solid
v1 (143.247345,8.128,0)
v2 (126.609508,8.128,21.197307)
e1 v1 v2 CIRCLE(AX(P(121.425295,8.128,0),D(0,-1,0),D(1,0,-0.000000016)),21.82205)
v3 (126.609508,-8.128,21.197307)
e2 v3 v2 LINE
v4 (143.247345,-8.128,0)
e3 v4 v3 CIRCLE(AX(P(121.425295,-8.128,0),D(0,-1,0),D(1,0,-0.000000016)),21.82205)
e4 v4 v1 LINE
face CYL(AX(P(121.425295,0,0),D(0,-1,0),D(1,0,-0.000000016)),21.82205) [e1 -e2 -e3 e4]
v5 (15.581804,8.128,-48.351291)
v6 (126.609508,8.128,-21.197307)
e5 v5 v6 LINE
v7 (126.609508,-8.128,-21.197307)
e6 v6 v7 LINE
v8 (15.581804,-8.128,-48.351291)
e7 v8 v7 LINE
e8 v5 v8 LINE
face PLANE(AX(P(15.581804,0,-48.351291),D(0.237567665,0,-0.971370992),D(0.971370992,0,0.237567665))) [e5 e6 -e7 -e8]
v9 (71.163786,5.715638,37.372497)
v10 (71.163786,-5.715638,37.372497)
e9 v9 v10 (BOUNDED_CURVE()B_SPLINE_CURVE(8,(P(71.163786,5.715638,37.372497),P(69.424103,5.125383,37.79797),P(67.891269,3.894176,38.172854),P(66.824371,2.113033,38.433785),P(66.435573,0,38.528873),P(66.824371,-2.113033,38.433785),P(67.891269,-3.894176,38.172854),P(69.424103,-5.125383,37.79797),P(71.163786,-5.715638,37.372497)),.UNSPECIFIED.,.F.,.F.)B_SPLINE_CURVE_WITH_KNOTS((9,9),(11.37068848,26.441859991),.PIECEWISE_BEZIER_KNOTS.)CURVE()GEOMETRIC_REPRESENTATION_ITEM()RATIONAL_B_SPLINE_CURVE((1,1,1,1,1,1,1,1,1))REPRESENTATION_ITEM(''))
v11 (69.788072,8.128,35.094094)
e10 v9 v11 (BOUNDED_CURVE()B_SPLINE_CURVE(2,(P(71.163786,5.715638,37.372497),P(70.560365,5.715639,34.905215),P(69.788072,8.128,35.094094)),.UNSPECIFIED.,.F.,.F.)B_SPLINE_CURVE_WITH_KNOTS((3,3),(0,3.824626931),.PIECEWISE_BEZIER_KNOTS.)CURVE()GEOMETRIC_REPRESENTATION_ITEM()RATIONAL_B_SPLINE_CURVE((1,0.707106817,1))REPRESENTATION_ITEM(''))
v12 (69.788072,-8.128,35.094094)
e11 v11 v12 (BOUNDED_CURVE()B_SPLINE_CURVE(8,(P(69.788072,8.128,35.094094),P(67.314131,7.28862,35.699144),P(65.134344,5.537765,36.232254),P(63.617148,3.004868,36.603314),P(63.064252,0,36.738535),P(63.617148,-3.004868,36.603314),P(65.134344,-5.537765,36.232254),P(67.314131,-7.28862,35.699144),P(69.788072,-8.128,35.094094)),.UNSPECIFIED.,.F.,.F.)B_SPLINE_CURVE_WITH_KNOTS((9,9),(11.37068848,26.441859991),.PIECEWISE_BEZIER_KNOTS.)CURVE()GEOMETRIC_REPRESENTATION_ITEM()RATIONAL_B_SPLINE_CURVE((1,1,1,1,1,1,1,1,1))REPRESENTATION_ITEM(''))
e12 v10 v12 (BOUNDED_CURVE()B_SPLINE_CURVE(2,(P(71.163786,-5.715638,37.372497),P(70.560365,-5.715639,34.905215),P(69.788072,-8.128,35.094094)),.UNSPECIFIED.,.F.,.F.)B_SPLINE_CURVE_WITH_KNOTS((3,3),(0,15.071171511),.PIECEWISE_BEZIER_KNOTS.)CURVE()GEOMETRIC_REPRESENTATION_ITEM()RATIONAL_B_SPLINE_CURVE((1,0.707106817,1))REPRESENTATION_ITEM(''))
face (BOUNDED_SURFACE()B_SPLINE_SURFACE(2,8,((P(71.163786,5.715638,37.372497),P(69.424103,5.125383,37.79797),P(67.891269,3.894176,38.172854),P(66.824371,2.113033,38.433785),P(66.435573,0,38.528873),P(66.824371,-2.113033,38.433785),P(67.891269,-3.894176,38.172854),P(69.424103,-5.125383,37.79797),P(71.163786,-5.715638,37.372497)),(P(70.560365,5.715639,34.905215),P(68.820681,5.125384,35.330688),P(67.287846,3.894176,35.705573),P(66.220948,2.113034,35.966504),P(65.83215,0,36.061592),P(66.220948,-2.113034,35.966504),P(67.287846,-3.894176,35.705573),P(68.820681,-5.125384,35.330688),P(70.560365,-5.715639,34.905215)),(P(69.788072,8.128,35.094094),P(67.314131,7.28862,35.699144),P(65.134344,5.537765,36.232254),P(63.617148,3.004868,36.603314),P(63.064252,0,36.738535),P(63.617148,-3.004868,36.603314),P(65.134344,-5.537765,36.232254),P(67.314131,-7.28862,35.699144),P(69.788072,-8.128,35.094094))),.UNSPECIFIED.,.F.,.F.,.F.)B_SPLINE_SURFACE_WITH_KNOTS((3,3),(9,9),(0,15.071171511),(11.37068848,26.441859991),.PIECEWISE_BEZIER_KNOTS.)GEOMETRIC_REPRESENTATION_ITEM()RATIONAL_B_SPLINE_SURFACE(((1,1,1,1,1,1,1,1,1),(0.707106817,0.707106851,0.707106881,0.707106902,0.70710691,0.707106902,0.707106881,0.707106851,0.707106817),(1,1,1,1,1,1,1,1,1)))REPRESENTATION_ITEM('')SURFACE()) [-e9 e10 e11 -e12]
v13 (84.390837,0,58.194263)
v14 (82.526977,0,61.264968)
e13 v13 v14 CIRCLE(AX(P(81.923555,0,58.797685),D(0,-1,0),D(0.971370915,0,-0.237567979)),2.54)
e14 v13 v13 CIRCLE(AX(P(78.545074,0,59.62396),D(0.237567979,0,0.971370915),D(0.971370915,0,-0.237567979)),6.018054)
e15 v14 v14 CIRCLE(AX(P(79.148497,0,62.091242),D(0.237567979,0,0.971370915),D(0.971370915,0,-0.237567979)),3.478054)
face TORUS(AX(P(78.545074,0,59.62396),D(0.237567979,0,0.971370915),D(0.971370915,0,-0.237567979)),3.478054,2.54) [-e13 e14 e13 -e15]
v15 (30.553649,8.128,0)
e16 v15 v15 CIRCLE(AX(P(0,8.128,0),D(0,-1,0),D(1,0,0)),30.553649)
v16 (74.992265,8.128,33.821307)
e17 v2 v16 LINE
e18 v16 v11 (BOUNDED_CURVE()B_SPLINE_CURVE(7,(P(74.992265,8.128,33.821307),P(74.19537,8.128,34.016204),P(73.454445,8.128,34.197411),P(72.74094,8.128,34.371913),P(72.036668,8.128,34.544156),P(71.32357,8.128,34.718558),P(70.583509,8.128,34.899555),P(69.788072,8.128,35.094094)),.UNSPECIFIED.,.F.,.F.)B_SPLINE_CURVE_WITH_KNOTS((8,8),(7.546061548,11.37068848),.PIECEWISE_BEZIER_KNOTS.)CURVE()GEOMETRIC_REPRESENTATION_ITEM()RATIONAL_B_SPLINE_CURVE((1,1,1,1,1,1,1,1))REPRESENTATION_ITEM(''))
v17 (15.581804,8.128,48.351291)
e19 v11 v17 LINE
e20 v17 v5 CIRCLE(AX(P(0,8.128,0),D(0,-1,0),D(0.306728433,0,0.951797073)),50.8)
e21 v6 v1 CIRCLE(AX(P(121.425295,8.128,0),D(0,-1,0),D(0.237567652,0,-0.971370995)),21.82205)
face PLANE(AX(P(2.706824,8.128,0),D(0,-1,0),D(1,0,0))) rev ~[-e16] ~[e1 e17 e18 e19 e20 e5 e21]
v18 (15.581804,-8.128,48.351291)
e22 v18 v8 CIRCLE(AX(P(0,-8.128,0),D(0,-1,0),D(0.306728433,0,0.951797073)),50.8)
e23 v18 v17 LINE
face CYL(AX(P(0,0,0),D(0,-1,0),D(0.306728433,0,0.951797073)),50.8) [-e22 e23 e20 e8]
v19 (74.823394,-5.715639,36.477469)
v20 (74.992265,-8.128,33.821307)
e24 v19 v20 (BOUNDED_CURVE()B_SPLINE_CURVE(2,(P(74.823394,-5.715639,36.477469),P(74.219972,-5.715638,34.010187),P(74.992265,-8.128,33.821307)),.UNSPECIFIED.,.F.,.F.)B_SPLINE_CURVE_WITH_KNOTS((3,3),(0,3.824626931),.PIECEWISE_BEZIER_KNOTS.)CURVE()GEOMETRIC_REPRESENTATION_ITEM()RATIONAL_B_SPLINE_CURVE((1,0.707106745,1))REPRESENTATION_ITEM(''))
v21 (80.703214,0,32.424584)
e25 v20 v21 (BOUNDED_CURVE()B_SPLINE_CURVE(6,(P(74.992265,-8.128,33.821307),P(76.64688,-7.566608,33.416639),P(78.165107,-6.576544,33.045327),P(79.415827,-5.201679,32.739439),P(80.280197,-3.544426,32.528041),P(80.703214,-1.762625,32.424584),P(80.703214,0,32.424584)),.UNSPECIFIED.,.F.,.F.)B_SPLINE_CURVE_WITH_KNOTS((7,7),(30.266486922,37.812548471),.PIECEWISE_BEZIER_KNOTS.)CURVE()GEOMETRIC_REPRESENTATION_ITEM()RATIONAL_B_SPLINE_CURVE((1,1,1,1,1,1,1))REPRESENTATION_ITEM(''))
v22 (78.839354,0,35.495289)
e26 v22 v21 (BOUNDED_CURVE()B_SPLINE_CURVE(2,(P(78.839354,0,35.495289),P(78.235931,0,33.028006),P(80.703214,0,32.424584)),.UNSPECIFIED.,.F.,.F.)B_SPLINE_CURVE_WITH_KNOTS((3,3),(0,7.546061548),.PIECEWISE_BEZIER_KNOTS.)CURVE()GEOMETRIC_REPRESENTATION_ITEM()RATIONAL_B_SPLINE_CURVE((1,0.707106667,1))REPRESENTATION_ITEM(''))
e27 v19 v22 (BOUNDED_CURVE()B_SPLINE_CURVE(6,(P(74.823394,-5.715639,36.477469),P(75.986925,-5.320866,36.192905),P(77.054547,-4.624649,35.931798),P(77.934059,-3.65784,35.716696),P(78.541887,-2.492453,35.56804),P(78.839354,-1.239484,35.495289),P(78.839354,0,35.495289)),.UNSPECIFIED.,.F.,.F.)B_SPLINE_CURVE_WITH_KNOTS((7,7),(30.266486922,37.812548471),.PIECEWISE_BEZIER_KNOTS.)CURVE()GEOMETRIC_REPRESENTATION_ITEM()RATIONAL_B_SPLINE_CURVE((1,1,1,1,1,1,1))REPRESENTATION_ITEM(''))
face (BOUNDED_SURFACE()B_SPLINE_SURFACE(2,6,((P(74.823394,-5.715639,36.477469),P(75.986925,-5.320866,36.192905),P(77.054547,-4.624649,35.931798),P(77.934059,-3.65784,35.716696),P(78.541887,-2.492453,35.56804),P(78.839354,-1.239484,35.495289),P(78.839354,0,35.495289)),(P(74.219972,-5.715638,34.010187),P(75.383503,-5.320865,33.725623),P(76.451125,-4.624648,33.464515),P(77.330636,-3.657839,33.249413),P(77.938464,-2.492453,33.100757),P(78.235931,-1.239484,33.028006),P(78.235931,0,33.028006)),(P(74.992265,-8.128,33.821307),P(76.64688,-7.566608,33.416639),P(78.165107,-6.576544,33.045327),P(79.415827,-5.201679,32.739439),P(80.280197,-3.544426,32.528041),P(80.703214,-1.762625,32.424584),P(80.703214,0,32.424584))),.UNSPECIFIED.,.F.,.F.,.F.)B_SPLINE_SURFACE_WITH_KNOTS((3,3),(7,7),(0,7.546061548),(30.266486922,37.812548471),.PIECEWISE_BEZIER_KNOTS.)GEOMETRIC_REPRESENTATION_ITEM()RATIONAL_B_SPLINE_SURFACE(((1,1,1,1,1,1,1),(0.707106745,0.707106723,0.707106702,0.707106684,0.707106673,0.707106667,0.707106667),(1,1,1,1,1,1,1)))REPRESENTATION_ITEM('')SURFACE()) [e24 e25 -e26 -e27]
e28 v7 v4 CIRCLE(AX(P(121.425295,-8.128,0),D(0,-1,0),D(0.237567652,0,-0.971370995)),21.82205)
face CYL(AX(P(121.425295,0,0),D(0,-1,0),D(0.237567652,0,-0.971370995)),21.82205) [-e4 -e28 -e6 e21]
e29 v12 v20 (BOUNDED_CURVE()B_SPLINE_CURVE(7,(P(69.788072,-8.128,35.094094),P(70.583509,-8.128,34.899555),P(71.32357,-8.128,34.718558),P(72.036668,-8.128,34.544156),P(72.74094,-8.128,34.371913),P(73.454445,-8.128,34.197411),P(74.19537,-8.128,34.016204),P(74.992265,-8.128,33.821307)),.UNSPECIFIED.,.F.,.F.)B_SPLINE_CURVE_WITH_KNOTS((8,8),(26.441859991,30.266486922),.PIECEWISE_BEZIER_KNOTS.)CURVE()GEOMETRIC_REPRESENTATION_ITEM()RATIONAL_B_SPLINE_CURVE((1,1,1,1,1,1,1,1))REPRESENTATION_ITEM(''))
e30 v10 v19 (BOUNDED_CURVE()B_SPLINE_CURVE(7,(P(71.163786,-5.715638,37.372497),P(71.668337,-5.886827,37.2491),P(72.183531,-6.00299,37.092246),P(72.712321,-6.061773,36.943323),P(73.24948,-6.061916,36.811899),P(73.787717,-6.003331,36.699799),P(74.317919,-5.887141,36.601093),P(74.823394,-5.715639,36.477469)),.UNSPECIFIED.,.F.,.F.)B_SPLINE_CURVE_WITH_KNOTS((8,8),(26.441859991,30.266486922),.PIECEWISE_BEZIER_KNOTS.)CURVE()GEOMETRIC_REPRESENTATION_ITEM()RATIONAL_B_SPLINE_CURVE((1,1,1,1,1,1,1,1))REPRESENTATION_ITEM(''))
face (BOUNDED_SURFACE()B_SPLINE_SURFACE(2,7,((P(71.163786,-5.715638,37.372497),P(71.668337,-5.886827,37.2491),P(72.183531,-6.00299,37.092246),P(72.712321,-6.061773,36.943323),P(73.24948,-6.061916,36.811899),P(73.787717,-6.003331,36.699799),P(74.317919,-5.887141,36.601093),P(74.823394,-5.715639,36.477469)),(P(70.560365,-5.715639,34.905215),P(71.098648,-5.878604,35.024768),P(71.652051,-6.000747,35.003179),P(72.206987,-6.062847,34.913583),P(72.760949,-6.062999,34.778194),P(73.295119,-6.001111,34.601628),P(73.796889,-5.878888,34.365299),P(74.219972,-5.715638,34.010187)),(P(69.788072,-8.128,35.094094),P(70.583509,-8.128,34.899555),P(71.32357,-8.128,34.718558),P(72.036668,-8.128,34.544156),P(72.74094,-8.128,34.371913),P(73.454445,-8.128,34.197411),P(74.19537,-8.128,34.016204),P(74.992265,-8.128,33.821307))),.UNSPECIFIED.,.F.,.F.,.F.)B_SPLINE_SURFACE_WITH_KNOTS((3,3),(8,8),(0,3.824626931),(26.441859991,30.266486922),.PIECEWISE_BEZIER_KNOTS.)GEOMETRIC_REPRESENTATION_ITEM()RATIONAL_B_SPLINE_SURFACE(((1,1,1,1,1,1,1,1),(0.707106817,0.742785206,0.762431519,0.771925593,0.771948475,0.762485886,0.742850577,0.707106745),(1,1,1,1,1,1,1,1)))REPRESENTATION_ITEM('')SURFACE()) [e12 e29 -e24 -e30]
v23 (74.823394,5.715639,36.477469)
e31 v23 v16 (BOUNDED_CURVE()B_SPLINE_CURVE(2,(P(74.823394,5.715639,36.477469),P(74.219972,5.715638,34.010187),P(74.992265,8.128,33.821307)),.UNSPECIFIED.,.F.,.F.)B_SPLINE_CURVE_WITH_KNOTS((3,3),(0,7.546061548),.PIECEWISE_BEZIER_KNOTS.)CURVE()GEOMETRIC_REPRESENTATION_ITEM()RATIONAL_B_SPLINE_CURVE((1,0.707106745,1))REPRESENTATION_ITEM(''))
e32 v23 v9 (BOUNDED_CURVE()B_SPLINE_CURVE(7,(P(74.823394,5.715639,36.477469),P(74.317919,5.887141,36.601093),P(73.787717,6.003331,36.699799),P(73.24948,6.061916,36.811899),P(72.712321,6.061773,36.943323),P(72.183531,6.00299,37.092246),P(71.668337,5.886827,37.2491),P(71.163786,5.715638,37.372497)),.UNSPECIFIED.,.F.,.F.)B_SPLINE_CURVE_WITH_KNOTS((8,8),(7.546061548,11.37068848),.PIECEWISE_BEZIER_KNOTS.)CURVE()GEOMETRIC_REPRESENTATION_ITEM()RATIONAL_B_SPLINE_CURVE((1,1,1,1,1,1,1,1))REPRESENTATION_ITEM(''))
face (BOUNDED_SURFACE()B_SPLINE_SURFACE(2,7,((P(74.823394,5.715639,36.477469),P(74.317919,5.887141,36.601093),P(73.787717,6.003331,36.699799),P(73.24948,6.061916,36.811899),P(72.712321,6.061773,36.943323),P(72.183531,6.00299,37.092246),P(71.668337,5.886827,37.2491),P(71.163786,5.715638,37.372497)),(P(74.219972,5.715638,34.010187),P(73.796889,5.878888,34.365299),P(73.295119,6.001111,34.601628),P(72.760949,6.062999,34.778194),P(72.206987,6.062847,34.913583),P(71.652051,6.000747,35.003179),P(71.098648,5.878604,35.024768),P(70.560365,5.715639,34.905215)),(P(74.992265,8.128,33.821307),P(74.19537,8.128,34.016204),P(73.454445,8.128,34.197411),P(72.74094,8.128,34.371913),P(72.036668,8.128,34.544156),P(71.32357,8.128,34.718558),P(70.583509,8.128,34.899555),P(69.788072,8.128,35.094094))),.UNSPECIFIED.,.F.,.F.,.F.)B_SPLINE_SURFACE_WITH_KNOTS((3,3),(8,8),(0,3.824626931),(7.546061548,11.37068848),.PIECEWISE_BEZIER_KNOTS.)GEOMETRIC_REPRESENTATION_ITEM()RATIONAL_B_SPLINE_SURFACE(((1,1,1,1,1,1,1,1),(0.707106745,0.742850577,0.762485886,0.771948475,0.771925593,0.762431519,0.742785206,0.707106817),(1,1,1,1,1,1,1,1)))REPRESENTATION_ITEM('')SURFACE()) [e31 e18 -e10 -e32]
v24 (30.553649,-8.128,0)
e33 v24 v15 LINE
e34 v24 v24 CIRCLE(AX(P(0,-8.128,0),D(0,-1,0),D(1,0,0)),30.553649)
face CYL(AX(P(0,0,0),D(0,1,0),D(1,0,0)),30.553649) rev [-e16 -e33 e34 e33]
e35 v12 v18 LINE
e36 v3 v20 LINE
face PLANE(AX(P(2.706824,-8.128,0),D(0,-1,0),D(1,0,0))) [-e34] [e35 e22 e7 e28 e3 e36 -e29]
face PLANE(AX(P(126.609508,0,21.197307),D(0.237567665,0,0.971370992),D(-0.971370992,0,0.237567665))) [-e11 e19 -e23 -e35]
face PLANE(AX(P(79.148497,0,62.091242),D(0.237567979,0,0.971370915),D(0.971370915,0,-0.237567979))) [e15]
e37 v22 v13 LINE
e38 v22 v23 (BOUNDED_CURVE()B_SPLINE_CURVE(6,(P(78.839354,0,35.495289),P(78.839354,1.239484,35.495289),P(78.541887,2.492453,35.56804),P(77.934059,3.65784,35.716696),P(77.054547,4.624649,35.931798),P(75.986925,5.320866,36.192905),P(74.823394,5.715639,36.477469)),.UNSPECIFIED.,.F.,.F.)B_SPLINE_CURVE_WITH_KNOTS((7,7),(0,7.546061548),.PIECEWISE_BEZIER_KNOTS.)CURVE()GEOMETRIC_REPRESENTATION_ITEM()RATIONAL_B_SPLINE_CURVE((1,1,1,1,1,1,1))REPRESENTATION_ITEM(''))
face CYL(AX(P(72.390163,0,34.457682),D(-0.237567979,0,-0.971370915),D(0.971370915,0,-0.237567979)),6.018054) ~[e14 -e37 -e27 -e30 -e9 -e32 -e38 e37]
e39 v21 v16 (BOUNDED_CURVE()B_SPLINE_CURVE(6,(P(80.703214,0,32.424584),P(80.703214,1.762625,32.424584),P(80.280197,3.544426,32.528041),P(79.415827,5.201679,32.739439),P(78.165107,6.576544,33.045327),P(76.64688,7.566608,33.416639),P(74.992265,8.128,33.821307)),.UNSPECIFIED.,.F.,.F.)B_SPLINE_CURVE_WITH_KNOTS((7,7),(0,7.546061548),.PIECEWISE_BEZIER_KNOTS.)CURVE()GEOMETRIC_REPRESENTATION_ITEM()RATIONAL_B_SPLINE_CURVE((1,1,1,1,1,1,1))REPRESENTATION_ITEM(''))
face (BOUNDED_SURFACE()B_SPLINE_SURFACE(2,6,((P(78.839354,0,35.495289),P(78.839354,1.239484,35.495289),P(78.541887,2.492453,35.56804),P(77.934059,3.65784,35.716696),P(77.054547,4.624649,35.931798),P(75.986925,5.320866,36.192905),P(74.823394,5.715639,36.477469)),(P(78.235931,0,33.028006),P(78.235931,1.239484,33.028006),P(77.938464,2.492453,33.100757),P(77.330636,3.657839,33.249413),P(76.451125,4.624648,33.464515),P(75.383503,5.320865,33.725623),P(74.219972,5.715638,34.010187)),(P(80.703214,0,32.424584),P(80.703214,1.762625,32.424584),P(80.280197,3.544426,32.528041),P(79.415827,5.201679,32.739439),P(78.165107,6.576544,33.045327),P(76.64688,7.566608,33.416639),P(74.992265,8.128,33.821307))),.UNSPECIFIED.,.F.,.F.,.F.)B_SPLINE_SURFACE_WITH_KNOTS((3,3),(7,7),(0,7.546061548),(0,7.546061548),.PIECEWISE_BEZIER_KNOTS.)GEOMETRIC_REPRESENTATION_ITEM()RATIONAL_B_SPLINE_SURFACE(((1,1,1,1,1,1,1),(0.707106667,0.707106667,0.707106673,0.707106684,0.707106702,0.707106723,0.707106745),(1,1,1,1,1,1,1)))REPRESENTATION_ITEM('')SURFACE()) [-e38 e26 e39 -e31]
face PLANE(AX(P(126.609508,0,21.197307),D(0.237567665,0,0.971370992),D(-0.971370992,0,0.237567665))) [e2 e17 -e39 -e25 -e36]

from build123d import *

# Parameters (mm, degrees)
F0_R     = 30.553649
F1_DEPTH = 8.128
F2_R     = 6.018054
F3_DEPTH = 28.448
F4_R     = 2.54


with BuildPart() as f1:
    # F0 (on Front) → F1 (new body, symmetric)
    with BuildSketch(Plane.XZ):
        with BuildLine():
            ThreePointArc((15.581804, -48.351291), (41.062122, -29.908898), (50.8, 0))
            ThreePointArc((50.8, 0), (41.062122, 29.908898), (15.581804, 48.351291))
            ThreePointArc((15.581804, 48.351291), (-50.8, 0), (15.581804, -48.351291))
        make_face()
        Circle(F0_R, mode=Mode.SUBTRACT)
        with BuildLine():
            ThreePointArc((15.581804, 48.351291), (41.062122, 29.908898), (50.8, 0))
            ThreePointArc((50.8, 0), (41.062122, -29.908898), (15.581804, -48.351291))
            Line((15.581804, -48.351291), (126.609508, -21.197307))
            ThreePointArc((126.609508, -21.197307), (99.603244, 0), (126.609508, 21.197307))
            Line((126.609508, 21.197307), (15.581804, 48.351291))
        make_face()
        with BuildLine():
            ThreePointArc((143.247345, 0), (138.591134, 13.473524), (126.609508, 21.197307))
            ThreePointArc((126.609508, 21.197307), (99.603244, 0), (126.609508, -21.197307))
            ThreePointArc((126.609508, -21.197307), (138.591134, -13.473524), (143.247345, 0))
        make_face()
    extrude(amount=F1_DEPTH, both=True)

    # F2 (on face) → F3 (join)
    with BuildSketch(Plane(origin=(12.037263, 0, 49.218178), x_dir=(0.971371, 0, -0.237568), z_dir=(0.237568, 0, 0.971371))):
        with Locations((62.131673, 0)):
            Circle(F2_R)
    extrude(amount=F3_DEPTH)

    # F4
    f4_edges = [f1.edges().sort_by_distance(p)[0] for p in [
        (73.302729, 0, 63.520958),
        (66.544404, 0, 35.887396),
    ]]
    fillet(f4_edges, radius=F4_R)


solid = f1.part
